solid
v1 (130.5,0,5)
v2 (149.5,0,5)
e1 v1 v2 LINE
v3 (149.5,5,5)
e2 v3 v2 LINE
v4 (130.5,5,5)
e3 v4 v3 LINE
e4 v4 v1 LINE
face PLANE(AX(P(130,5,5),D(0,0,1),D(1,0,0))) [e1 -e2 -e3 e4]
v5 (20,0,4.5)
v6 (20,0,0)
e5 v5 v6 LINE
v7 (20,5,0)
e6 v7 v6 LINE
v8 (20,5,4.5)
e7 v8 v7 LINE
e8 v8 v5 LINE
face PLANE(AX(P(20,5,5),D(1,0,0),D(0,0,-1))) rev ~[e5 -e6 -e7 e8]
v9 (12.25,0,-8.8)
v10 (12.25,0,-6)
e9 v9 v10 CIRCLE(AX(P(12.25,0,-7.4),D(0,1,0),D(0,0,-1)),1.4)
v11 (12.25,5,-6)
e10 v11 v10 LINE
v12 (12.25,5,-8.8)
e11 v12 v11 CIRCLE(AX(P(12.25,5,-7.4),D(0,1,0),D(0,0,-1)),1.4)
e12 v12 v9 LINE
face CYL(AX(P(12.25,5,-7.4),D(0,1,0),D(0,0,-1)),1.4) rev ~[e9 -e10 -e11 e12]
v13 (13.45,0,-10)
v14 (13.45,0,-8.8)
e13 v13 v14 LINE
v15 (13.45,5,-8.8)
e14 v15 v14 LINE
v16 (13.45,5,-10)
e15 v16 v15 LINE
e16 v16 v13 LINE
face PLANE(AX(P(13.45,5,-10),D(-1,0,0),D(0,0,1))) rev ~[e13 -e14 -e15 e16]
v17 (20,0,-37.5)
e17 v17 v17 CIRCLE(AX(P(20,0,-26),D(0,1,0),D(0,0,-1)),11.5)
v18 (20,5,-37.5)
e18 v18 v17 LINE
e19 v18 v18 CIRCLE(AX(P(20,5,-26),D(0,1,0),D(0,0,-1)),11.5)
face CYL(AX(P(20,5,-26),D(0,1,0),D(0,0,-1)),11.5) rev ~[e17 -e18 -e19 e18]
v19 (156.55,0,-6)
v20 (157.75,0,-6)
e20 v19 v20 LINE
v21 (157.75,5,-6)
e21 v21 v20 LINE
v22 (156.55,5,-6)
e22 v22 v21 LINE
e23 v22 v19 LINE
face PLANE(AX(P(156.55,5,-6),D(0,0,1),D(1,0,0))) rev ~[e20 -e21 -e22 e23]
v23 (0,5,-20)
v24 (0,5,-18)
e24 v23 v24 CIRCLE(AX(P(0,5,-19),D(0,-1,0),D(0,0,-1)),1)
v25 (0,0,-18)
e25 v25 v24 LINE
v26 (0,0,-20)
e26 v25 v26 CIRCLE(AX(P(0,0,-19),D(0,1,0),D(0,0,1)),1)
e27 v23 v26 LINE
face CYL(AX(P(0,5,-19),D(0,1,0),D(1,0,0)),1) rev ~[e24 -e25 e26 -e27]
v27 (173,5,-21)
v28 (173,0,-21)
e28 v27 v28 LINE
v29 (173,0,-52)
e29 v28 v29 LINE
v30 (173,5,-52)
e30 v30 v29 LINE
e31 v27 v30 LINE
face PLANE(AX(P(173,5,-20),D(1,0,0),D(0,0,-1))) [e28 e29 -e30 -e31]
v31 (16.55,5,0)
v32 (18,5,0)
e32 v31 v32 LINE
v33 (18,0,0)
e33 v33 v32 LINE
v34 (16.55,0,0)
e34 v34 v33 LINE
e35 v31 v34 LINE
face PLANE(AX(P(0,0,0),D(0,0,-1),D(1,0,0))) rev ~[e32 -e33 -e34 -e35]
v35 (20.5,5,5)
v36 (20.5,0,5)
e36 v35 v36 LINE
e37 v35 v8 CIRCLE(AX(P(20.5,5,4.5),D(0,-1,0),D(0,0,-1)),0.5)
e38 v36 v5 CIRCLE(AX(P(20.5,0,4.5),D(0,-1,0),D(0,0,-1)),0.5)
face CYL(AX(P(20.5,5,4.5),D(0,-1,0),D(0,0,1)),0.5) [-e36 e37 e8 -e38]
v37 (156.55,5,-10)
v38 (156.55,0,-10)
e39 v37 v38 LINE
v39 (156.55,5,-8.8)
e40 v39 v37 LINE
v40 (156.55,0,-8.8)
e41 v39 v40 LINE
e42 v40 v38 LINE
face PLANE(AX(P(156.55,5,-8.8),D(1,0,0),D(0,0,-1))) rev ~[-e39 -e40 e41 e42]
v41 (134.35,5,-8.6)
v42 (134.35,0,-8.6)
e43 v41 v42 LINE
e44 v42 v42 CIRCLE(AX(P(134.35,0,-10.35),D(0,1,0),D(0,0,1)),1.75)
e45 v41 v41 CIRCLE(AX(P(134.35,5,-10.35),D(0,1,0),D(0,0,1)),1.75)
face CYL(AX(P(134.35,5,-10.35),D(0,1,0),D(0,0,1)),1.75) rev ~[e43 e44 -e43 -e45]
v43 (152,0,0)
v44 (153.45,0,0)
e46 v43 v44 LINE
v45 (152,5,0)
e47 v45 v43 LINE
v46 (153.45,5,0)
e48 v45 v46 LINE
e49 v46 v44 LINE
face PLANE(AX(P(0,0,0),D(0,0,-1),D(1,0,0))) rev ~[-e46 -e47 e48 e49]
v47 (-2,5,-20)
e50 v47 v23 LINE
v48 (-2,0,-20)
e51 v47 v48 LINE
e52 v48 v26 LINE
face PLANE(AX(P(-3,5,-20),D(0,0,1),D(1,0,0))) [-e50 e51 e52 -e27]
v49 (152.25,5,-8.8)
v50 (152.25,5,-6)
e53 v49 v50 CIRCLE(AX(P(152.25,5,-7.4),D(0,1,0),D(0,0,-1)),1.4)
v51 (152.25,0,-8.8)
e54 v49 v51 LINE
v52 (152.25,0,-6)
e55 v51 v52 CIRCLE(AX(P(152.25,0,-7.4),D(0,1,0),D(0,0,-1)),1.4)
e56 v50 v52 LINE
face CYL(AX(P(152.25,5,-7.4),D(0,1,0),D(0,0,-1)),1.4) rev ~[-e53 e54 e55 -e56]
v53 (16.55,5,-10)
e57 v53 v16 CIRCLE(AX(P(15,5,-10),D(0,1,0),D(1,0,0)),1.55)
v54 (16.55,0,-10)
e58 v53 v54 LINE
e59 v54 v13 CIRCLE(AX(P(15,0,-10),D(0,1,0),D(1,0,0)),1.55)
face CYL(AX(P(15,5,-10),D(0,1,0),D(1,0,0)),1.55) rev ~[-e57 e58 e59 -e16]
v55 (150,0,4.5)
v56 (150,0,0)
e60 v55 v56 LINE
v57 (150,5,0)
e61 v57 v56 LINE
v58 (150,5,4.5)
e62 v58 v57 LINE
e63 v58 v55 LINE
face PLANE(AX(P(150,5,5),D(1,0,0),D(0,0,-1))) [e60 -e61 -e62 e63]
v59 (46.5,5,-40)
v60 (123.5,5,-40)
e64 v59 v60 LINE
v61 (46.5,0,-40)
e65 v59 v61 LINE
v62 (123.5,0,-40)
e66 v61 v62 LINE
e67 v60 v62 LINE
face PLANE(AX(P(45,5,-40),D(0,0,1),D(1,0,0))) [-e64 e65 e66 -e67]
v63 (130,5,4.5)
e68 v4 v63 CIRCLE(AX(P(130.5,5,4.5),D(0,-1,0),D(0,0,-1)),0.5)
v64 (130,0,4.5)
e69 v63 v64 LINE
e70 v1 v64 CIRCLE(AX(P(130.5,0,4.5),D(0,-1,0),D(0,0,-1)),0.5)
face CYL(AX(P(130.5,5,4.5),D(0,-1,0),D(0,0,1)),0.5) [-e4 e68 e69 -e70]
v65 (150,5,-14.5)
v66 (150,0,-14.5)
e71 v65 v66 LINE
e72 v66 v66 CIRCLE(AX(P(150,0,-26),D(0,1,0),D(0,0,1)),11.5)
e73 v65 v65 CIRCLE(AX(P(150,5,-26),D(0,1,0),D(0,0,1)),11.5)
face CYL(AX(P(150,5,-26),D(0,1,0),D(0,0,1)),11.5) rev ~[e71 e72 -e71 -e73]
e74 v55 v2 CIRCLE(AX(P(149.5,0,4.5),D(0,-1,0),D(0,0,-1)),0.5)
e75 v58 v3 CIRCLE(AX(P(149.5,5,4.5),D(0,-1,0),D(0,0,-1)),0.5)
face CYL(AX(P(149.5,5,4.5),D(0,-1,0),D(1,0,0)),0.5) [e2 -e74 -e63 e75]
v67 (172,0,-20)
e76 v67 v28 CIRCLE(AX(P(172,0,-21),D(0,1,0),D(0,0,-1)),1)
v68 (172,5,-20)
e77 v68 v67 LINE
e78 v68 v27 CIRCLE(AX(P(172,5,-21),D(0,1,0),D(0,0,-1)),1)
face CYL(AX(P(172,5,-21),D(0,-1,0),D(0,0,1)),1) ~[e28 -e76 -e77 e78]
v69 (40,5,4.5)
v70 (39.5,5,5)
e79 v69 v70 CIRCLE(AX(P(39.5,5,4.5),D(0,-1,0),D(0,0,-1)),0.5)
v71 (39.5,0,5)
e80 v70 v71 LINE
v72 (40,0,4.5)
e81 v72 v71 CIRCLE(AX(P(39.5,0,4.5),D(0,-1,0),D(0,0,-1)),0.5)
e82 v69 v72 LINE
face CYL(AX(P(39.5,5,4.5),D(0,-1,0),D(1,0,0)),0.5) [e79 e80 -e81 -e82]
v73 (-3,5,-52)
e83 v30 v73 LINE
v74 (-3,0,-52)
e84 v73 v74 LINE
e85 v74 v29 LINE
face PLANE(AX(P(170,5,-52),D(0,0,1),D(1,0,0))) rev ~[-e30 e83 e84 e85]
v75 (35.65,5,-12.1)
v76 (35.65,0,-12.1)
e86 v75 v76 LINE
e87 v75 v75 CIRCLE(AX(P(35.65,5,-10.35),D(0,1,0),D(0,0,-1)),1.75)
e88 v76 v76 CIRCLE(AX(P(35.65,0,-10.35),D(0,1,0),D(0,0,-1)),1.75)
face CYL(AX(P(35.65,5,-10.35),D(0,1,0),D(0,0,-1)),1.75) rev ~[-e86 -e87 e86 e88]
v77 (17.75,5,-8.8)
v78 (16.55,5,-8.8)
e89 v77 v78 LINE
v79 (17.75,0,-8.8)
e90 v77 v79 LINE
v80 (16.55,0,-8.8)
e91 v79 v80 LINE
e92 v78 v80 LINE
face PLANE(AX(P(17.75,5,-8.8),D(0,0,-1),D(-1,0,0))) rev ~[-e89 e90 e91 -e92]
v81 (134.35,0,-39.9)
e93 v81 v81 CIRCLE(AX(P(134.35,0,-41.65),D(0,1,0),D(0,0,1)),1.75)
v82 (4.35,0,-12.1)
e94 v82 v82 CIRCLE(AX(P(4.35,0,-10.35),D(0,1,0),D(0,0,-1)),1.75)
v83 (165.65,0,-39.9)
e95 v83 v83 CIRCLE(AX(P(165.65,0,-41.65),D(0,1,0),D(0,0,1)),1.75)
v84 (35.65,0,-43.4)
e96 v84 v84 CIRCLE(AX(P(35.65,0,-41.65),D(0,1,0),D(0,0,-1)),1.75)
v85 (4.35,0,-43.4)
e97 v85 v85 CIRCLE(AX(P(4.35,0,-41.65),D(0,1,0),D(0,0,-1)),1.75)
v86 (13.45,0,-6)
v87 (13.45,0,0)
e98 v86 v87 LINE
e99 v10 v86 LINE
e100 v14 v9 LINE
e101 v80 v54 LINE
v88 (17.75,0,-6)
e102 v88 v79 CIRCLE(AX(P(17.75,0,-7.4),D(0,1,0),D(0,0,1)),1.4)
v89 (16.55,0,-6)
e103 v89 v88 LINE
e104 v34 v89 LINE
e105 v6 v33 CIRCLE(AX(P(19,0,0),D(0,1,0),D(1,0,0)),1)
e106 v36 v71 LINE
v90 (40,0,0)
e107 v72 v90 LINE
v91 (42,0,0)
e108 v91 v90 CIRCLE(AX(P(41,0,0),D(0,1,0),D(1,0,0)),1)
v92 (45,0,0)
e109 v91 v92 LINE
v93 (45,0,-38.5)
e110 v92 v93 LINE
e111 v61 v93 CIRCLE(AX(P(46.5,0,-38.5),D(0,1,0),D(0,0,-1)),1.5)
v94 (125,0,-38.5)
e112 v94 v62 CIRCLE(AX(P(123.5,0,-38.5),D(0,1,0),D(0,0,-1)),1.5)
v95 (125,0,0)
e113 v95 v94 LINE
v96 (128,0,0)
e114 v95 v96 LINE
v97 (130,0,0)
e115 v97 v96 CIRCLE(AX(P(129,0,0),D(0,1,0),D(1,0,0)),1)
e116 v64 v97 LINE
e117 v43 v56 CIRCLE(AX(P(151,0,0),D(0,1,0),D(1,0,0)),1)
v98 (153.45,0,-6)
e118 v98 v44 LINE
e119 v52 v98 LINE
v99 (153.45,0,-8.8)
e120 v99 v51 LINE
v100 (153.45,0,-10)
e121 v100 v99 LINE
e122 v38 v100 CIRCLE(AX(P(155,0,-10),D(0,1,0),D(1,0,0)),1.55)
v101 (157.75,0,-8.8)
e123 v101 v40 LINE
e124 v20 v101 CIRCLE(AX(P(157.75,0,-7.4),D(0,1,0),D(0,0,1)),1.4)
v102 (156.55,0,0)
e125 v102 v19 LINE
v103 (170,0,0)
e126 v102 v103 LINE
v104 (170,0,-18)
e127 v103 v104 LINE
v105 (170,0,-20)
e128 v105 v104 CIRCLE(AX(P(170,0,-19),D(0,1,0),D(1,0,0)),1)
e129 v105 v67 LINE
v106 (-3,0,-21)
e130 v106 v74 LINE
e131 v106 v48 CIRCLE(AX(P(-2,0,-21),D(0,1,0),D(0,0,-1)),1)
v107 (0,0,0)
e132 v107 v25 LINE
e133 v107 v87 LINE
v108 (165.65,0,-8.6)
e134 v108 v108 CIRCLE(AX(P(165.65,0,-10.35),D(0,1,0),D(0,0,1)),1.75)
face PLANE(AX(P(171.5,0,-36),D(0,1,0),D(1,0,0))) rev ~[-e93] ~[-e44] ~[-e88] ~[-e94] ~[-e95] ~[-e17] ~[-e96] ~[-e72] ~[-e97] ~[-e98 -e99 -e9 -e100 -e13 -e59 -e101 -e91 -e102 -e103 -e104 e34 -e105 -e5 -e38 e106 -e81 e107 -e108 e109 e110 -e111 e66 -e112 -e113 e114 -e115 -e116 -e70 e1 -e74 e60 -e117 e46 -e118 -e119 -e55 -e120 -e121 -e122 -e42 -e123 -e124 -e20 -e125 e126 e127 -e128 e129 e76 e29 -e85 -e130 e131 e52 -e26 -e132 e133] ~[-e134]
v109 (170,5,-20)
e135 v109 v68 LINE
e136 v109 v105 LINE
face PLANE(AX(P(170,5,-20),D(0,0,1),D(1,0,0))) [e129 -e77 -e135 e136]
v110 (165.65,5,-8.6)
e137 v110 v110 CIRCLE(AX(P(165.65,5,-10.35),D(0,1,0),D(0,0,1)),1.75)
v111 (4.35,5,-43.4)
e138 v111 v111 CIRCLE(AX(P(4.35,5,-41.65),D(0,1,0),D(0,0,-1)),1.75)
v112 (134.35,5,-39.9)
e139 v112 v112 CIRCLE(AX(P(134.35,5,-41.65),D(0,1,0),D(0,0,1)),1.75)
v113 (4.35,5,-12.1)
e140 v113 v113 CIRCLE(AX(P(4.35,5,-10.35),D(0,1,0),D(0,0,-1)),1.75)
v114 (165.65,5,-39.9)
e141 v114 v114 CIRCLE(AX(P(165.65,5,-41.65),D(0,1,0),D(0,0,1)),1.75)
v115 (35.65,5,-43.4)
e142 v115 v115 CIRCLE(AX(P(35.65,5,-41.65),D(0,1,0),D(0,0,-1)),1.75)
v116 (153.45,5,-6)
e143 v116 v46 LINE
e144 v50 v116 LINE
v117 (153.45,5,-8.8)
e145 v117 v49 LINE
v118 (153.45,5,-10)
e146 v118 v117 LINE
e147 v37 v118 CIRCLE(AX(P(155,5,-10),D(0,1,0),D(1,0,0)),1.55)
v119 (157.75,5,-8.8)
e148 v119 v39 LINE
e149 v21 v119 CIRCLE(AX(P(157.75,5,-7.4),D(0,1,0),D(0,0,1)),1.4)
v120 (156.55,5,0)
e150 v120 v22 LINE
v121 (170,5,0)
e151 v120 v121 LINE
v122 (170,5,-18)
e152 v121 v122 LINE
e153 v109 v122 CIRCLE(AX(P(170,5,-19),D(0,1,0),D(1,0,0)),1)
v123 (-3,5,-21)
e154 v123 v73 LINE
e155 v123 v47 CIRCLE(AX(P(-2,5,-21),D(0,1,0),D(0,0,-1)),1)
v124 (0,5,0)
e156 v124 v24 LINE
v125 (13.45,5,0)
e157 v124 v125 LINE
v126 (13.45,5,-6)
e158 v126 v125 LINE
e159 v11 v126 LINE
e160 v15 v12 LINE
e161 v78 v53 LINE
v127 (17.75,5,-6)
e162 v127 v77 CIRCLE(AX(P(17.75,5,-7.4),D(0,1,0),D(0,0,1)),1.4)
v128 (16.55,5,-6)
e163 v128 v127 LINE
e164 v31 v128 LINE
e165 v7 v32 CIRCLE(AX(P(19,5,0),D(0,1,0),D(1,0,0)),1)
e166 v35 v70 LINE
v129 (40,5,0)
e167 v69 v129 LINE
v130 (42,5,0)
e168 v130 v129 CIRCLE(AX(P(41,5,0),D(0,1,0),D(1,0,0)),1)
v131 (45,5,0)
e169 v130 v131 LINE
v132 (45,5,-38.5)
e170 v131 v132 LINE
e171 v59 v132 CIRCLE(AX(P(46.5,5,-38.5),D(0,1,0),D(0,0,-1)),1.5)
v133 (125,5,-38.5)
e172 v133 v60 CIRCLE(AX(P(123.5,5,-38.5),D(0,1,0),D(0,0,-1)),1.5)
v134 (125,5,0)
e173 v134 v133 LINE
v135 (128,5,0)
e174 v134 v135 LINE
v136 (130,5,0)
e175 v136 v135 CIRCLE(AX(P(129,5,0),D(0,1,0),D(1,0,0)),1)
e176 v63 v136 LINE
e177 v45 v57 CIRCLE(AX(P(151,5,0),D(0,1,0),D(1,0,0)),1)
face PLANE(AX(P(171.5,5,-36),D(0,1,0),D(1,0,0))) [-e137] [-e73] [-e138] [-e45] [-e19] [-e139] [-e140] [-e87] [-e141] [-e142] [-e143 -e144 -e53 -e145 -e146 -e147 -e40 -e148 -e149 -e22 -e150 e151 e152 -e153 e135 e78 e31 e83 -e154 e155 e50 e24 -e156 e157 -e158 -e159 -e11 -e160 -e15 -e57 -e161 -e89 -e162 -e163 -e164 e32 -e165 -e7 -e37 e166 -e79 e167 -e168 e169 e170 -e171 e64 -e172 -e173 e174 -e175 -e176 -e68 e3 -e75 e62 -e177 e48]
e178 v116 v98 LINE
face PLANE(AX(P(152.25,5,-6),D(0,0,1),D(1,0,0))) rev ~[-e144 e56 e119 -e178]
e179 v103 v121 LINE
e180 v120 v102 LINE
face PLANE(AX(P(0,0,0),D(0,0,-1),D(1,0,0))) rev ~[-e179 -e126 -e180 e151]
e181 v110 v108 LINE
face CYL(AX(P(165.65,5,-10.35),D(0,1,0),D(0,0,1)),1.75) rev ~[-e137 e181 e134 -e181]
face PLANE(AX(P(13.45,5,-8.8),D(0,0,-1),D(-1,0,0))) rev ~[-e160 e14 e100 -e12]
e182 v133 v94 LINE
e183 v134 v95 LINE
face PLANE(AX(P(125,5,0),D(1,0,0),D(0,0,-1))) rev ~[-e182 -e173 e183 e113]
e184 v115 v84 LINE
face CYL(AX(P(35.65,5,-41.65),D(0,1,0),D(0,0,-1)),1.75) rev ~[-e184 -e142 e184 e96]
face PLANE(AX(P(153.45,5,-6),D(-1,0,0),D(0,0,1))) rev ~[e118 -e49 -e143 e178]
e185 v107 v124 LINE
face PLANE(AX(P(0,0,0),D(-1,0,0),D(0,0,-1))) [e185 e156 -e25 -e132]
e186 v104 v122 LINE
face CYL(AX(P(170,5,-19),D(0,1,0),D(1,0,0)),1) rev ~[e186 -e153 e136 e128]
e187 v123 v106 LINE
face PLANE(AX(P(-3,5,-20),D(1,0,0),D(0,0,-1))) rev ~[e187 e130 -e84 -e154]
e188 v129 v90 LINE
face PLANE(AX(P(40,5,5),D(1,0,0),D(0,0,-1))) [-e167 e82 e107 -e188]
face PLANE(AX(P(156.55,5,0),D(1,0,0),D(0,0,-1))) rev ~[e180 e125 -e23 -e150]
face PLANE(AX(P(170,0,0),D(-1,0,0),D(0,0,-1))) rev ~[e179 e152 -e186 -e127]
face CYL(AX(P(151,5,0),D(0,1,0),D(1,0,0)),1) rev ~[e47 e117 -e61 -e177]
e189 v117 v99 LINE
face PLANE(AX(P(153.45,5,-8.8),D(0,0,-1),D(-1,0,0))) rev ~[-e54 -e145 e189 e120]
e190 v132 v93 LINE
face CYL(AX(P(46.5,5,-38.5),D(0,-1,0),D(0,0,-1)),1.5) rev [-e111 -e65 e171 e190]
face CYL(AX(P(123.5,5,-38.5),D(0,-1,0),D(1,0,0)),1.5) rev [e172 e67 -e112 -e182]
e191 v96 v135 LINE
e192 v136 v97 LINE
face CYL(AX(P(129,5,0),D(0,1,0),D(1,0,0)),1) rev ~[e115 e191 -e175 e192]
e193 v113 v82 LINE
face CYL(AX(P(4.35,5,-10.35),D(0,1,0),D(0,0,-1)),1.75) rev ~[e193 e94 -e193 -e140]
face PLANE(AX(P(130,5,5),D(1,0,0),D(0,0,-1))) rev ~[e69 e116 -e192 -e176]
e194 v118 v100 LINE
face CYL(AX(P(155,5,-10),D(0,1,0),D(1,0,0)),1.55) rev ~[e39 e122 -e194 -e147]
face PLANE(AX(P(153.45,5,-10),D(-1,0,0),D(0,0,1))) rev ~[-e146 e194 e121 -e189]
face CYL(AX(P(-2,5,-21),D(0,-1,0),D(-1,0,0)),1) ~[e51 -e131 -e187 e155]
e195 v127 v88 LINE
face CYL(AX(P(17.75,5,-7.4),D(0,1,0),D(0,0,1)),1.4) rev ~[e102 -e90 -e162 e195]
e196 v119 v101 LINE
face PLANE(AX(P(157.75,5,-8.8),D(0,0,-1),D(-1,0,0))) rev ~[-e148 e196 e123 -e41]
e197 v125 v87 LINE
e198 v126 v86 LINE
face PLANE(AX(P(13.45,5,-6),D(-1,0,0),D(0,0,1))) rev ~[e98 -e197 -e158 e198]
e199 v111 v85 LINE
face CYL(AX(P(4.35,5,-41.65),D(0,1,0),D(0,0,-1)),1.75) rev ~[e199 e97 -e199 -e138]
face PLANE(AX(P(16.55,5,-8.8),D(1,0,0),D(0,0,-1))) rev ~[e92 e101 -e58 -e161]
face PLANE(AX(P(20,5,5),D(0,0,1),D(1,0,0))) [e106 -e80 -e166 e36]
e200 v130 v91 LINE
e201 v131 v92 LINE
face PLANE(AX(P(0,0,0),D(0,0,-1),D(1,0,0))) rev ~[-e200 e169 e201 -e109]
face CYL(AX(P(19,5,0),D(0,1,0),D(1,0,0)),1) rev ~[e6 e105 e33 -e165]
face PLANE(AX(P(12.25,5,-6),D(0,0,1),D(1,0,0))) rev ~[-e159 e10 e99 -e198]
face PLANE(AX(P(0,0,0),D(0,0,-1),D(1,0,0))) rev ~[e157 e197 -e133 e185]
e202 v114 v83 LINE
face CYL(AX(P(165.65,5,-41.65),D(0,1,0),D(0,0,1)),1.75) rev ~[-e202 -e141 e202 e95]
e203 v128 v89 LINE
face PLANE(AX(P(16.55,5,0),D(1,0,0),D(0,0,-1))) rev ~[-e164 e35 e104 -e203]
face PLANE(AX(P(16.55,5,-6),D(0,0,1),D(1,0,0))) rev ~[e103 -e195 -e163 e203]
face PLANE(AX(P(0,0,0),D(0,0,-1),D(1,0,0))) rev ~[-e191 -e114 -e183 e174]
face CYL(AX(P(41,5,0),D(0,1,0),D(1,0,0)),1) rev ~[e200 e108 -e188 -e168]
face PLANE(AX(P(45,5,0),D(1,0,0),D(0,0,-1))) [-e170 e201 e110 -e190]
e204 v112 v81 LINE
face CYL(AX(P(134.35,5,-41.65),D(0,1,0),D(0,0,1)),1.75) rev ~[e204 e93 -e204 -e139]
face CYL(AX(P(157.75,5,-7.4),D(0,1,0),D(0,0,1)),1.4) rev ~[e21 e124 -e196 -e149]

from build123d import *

# Parameters (mm, degrees)
SKETCH_1_W          = 170
SKETCH_1_H          = 52
EXTRUDE_1_DEPTH     = 5
SKETCH_2_R          = 11.5
SKETCH_2_R_2        = 1.75
CUT_EXTRUDE_1_DEPTH = 5
SKETCH_3_W          = 20
SKETCH_3_H          = 5
EXTRUDE_2_DEPTH     = 5
SKETCH_4_R          = 1
CUT_EXTRUDE_2_DEPTH = 5
CUT_EXTRUDE_3_DEPTH = 10
FILLET_1_R          = 0.5
SKETCH_7_W          = 3
SKETCH_7_H          = 32
EXTRUDE_3_DEPTH     = 5
SKETCH_8_R          = 1
CUT_EXTRUDE_5_DEPTH = 5
SKETCH_9_W          = 80
SKETCH_9_H          = 40
CUT_EXTRUDE_6_DEPTH = 10
FILLET_2_R          = 1.5
FILLET_3_R          = 1


with BuildPart() as part:
    # 스케치1 → 보스-돌출1 (new body)
    with BuildSketch(Plane(origin=(0, 0, 0), x_dir=(1, 0, 0), z_dir=(0, 1, 0))):
        with Locations((85, 26)):
            Rectangle(SKETCH_1_W, SKETCH_1_H)
    extrude(amount=EXTRUDE_1_DEPTH)

    # 스케치2 → 컷-돌출1 (cut)
    with BuildSketch(Plane(origin=(0, 5, 0), x_dir=(1, 0, 0), z_dir=(0, 1, 0))):
        with Locations(Location((150, 26, 0), (0, 0, 270))):
            Circle(SKETCH_2_R)
        with Locations(Location((165.65, 41.65, 0), (0, 0, 270))):
            Circle(SKETCH_2_R_2)
        with Locations(Location((134.35, 41.65, 0), (0, 0, 270))):
            Circle(SKETCH_2_R_2)
        with Locations(Location((165.65, 10.35, 0), (0, 0, 270))):
            Circle(SKETCH_2_R_2)
        with Locations(Location((134.35, 10.35, 0), (0, 0, 270))):
            Circle(SKETCH_2_R_2)
        with Locations(Location((35.65, 10.35, 0), (0, 0, 90))):
            Circle(SKETCH_2_R_2)
        with Locations(Location((4.35, 10.35, 0), (0, 0, 90))):
            Circle(SKETCH_2_R_2)
        with Locations(Location((35.65, 41.65, 0), (0, 0, 90))):
            Circle(SKETCH_2_R_2)
        with Locations(Location((4.35, 41.65, 0), (0, 0, 90))):
            Circle(SKETCH_2_R_2)
        with Locations(Location((20, 26, 0), (0, 0, 90))):
            Circle(SKETCH_2_R)
    extrude(amount=-CUT_EXTRUDE_1_DEPTH, mode=Mode.SUBTRACT)

    # 스케치3 → 보스-돌출2 (add)
    with BuildSketch(Plane(origin=(0, 5, 0), x_dir=(1, 0, 0), z_dir=(0, 1, 0))):
        with Locations((140, -2.5)):
            Rectangle(SKETCH_3_W, SKETCH_3_H)
        with Locations((30, -2.5)):
            Rectangle(SKETCH_3_W, SKETCH_3_H)
    extrude(amount=-EXTRUDE_2_DEPTH)

    # 스케치4 → 컷-돌출2 (cut)
    with BuildSketch(Plane(origin=(0, 5, 0), x_dir=(1, 0, 0), z_dir=(0, 1, 0))):
        with Locations((129, 0)):
            Circle(SKETCH_4_R)
        with Locations((151, 0)):
            Circle(SKETCH_4_R)
        with Locations((19, 0)):
            Circle(SKETCH_4_R)
        with Locations((41, 0)):
            Circle(SKETCH_4_R)
    extrude(amount=-CUT_EXTRUDE_2_DEPTH, mode=Mode.SUBTRACT)

    # 스케치5 → 컷-돌출3 (cut)
    with BuildSketch(Plane(origin=(0, 5, 0), x_dir=(1, 0, 0), z_dir=(0, 1, 0))):
        with BuildLine():
            Line((156.55, 0), (156.55, 6))
            Line((156.55, 6), (157.75, 6))
            ThreePointArc((157.75, 6), (159.15, 7.4), (157.75, 8.8))
            Line((157.75, 8.8), (156.55, 8.8))
            Line((156.55, 8.8), (156.55, 10))
            ThreePointArc((156.55, 10), (155, 11.55), (153.45, 10))
            Line((153.45, 10), (153.45, 8.8))
            Line((153.45, 8.8), (152.25, 8.8))
            ThreePointArc((152.25, 8.8), (150.85, 7.4), (152.25, 6))
            Line((152.25, 6), (153.45, 6))
            Line((153.45, 6), (153.45, 0))
            Line((153.45, 0), (156.55, 0))
        make_face()
        with BuildLine():
            Line((12.25, 6), (13.45, 6))
            Line((13.45, 6), (13.45, 0))
            Line((13.45, 0), (16.55, 0))
            Line((16.55, 0), (16.55, 6))
            Line((16.55, 6), (17.75, 6))
            ThreePointArc((17.75, 6), (19.15, 7.4), (17.75, 8.8))
            Line((17.75, 8.8), (16.55, 8.8))
            Line((16.55, 8.8), (16.55, 10))
            ThreePointArc((16.55, 10), (15, 11.55), (13.45, 10))
            Line((13.45, 10), (13.45, 8.8))
            Line((13.45, 8.8), (12.25, 8.8))
            ThreePointArc((12.25, 8.8), (10.85, 7.4), (12.25, 6))
        make_face()
    extrude(amount=-CUT_EXTRUDE_3_DEPTH, mode=Mode.SUBTRACT)

    # 필렛1
    fillet_1_edges = [part.edges().sort_by_distance(p)[0] for p in [
        (20, 2.5, 5),
        (130, 2.5, 5),
        (150, 2.5, 5),
        (40, 2.5, 5),
    ]]
    fillet(fillet_1_edges, radius=FILLET_1_R)

    # 스케치7 → 보스-돌출3 (add)
    with BuildSketch(Plane(origin=(0, 5, 0), x_dir=(1, 0, 0), z_dir=(0, 1, 0))):
        with Locations((171.5, 36)):
            Rectangle(SKETCH_7_W, SKETCH_7_H)
        with Locations((-1.5, 36)):
            Rectangle(SKETCH_7_W, SKETCH_7_H)
    extrude(amount=-EXTRUDE_3_DEPTH)

    # 스케치8 → 컷-돌출5 (cut)
    with BuildSketch(Plane(origin=(0, 5, 0), x_dir=(1, 0, 0), z_dir=(0, 1, 0))):
        with Locations((170, 19)):
            Circle(SKETCH_8_R)
        with Locations((0, 19)):
            Circle(SKETCH_8_R)
    extrude(amount=-CUT_EXTRUDE_5_DEPTH, mode=Mode.SUBTRACT)

    # 스케치9 → 컷-돌출6 (cut)
    with BuildSketch(Plane(origin=(0, 5, 0), x_dir=(1, 0, 0), z_dir=(0, 1, 0))):
        with Locations((85, 20)):
            Rectangle(SKETCH_9_W, SKETCH_9_H)
    extrude(amount=-CUT_EXTRUDE_6_DEPTH, mode=Mode.SUBTRACT)

    # 필렛2
    fillet_2_edges = [part.edges().sort_by_distance(p)[0] for p in [
        (125, 2.5, -40),
        (45, 2.5, -40),
    ]]
    fillet(fillet_2_edges, radius=FILLET_2_R)

    # 필렛3
    fillet_3_edges = [part.edges().sort_by_distance(p)[0] for p in [
        (173, 2.5, -20),
        (-3, 2.5, -20),
    ]]
    fillet(fillet_3_edges, radius=FILLET_3_R)


solid = part.part
